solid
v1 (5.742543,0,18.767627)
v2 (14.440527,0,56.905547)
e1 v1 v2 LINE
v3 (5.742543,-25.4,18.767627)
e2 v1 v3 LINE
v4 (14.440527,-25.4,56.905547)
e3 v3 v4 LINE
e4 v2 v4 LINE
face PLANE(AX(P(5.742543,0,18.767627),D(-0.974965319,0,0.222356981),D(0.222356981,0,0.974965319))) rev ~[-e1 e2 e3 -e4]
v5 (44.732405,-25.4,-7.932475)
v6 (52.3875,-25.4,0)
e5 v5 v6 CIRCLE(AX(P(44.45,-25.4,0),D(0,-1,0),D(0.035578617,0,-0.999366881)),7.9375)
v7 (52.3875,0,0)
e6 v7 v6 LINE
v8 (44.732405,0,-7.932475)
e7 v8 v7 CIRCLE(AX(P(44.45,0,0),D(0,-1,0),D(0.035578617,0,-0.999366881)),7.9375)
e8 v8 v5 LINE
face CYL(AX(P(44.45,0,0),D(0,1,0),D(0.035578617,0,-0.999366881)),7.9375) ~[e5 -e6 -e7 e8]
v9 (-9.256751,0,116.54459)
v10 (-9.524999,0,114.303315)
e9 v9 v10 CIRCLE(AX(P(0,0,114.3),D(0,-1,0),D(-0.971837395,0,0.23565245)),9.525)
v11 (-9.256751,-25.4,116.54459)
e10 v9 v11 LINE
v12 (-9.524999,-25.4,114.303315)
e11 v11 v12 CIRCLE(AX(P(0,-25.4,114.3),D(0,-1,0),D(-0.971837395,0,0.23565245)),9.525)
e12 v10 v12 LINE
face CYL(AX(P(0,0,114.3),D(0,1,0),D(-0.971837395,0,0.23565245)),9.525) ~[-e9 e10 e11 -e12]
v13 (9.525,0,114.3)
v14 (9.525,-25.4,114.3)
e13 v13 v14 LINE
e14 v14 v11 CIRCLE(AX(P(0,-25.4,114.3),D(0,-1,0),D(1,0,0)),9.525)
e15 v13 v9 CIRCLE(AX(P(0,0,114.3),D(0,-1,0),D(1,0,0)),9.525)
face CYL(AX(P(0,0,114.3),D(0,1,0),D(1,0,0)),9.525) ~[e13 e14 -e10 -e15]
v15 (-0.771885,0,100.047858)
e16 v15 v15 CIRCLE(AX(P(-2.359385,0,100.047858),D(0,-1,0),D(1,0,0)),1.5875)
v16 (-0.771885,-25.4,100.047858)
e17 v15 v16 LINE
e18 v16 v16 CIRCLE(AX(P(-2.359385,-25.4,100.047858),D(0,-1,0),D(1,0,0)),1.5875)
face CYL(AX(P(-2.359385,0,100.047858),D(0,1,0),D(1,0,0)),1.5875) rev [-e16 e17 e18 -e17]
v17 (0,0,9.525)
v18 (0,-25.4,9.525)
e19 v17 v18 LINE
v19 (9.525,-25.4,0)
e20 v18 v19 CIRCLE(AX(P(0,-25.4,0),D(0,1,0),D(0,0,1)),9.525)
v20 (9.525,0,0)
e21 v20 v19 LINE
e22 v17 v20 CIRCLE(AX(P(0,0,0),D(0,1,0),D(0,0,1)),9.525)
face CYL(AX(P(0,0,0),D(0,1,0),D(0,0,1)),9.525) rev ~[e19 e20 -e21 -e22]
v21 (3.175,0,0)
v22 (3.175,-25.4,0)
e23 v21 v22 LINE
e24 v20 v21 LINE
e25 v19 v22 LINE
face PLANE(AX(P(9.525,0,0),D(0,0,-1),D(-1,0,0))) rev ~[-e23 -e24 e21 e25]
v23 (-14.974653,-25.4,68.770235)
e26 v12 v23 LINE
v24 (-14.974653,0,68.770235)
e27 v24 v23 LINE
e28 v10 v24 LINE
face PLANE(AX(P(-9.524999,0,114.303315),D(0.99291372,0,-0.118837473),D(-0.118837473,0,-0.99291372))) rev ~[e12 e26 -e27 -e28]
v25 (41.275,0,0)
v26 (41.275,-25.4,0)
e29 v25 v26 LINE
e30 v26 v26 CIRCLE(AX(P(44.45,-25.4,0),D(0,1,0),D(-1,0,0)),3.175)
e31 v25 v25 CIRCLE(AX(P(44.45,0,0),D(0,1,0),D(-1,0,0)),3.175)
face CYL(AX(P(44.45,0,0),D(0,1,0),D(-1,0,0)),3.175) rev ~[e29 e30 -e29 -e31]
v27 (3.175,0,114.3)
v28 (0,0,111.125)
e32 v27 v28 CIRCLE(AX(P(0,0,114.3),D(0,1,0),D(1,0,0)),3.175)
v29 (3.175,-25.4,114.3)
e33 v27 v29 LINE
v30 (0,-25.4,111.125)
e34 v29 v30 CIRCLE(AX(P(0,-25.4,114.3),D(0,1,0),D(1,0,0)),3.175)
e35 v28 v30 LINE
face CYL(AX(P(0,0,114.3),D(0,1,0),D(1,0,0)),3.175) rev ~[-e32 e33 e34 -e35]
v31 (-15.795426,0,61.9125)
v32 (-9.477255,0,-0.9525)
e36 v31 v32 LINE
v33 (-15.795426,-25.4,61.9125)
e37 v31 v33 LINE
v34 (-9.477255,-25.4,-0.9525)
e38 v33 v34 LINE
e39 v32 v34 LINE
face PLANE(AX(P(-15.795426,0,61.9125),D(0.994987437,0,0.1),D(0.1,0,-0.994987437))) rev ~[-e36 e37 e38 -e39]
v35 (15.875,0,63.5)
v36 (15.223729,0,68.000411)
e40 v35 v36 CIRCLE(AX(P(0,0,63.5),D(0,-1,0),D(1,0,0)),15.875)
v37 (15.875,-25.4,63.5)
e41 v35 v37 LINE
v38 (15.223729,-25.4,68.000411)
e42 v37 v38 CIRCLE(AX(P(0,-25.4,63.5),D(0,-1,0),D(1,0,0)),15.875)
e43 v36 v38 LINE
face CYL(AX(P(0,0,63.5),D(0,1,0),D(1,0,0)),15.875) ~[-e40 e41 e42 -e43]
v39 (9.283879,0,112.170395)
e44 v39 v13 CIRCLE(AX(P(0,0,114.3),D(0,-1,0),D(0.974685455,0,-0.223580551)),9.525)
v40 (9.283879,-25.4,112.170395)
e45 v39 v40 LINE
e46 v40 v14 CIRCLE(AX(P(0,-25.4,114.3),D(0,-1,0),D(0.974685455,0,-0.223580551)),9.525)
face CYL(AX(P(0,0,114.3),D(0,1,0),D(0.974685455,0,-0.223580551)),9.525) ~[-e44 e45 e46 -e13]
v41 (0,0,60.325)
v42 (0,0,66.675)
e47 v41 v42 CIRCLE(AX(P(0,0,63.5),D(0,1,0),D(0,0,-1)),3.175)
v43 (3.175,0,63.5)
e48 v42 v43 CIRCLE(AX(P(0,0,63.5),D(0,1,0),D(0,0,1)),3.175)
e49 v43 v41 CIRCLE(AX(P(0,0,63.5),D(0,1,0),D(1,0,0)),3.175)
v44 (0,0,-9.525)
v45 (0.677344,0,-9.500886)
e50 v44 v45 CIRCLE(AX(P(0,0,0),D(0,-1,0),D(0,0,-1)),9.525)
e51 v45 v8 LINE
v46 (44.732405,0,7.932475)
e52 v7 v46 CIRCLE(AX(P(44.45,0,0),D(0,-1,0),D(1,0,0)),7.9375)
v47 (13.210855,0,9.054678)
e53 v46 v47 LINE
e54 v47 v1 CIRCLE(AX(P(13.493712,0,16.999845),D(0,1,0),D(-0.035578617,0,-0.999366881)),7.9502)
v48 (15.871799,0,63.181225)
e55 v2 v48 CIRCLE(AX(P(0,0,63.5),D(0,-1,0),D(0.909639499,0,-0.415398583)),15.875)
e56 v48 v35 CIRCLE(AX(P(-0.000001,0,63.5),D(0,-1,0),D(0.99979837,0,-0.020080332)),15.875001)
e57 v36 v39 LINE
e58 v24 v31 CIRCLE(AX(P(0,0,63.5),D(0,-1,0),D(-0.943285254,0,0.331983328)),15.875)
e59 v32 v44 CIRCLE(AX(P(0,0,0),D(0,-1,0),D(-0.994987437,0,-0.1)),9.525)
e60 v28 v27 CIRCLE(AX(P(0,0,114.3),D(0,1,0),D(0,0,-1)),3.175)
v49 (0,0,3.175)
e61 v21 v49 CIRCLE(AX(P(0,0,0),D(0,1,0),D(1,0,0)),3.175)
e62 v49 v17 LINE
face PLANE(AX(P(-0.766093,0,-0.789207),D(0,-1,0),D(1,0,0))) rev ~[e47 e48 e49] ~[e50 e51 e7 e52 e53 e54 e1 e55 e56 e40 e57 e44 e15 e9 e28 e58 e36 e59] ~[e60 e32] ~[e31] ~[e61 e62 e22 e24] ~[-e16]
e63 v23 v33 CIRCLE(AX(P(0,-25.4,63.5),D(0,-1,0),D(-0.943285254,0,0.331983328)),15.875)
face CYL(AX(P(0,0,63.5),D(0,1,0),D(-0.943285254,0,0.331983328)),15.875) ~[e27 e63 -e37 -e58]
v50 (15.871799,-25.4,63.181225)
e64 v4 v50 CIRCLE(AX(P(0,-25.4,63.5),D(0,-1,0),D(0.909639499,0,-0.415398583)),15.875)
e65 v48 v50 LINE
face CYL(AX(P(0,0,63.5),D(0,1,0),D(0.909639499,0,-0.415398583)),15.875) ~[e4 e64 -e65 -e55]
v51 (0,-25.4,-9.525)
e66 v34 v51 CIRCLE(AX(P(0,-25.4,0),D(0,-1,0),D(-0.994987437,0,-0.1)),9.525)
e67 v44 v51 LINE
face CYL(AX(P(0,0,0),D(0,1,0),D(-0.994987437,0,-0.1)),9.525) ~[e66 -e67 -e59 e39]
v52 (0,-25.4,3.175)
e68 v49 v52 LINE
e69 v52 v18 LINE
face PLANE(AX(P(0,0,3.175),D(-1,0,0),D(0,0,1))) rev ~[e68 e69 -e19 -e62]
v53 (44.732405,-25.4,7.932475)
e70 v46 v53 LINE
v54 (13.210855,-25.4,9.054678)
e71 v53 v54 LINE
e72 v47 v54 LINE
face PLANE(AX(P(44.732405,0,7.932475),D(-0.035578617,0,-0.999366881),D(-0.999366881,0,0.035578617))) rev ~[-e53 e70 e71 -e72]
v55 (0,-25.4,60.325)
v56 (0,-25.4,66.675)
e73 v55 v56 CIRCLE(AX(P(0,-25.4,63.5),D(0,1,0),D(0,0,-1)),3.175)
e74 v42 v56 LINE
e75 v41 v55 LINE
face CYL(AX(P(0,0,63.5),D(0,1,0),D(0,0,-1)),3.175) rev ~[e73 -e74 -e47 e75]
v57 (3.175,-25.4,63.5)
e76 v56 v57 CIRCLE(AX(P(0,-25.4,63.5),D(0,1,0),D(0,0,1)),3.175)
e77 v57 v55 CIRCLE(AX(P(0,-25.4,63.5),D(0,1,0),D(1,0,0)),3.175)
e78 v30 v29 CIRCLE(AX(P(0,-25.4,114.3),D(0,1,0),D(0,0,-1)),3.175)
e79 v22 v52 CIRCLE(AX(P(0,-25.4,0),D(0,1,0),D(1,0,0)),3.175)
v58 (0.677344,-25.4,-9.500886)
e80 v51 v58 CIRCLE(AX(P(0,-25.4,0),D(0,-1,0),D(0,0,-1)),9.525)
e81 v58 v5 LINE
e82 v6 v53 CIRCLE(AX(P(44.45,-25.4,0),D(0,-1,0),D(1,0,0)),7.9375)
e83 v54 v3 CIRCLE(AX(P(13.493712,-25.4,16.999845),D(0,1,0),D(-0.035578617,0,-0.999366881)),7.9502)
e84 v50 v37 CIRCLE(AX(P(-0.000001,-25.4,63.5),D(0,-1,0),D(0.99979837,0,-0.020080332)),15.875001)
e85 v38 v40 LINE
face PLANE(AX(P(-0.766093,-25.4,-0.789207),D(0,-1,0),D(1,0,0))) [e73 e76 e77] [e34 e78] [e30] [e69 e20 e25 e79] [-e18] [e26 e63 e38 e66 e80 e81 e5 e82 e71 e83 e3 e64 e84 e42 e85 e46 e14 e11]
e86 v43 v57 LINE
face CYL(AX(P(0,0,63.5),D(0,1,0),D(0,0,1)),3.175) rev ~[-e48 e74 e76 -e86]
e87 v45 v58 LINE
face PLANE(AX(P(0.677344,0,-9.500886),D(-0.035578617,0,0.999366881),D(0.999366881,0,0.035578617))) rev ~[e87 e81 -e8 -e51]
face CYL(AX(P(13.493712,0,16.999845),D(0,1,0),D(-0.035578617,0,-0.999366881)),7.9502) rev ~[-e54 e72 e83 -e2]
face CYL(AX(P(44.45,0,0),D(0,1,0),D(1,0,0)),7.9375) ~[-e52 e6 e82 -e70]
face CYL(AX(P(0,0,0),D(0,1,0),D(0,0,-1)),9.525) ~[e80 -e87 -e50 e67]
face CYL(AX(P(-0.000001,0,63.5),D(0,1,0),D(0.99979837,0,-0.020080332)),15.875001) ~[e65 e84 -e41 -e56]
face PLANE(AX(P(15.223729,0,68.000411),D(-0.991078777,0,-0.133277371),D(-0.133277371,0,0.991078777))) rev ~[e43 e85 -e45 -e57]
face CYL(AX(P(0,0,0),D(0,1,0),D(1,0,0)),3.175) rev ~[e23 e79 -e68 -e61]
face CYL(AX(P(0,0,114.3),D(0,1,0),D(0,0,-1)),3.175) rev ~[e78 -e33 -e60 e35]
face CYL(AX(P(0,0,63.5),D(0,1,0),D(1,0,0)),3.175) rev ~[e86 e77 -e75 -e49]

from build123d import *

# Parameters (mm, degrees)
F0_R     = 1.5875
F1_DEPTH = 25.4


with BuildPart() as f1:
    # F0 (on Front) → F1 (new body)
    with BuildSketch(Plane.XZ):
        with BuildLine():
            ThreePointArc((0, 9.525), (-7.063929059, 6.3895642457), (-9.4772553384, -0.9525))
            ThreePointArc((-9.4772553384, -0.9525), (-6.3895642457, -7.063929059), (0, -9.525))
            Line((0, -9.525), (0.6773435479, -9.500885786))
            ThreePointArc((0.6773435479, -9.500885786), (6.9705567315, -6.4912990883), (9.525, 0))
            Line((9.525, 0), (3.175, 0))
            ThreePointArc((3.175, 0), (-2.2450640303, -2.2450640303), (0, 3.175))
            Line((0, 3.175), (0, 9.525))
        make_face()
        with BuildLine():
            Line((-15.7954255641, 61.9125), (-9.4772553384, -0.9525))
            ThreePointArc((-9.4772553384, -0.9525), (-7.063929059, 6.3895642457), (0, 9.525))
            Line((0, 9.525), (0, 47.625))
            ThreePointArc((0, 47.625), (-10.6492737428, 51.7267849017), (-15.7954255641, 61.9125))
        make_face()
        with BuildLine():
            Line((0.6773435479, -9.500885786), (0, -9.525))
            ThreePointArc((0, -9.525), (0.3388863295, -9.5189695375), (0.6773435479, -9.500885786))
        make_face()
        with BuildLine():
            Line((0, 47.625), (0, 9.525))
            ThreePointArc((0, 9.525), (6.7351920908, 6.7351920908), (9.525, 0))
            Line((9.525, 0), (36.5125, 0))
            ThreePointArc((36.5125, 0), (38.9380895153, 5.7116327839), (44.7324052746, 7.9324746146))
            Line((44.7324052746, 7.9324746146), (13.2108551379, 9.0546782715))
            ThreePointArc((13.2108551379, 9.0546782715), (7.1911937291, 12.1538217133), (5.742542983, 18.767627317))
            Line((5.742542983, 18.767627317), (14.4405270392, 56.9055474959))
            ThreePointArc((14.4405270392, 56.9055474959), (8.5827935865, 50.145177678), (0, 47.625))
        make_face()
        with BuildLine():
            Line((-14.9746534016, 68.7702353365), (-15.7954255641, 61.9125))
            ThreePointArc((-15.7954255641, 61.9125), (-10.6492737428, 51.7267849017), (0, 47.625))
            Line((0, 47.625), (0, 60.325))
            ThreePointArc((0, 60.325), (-3.175, 63.5), (0, 66.675))
            Line((0, 66.675), (0, 79.375))
            ThreePointArc((0, 79.375), (-9.1747108683, 76.4553195825), (-14.9746534016, 68.7702353365))
        make_face()
        with BuildLine():
            ThreePointArc((-14.9746534016, 68.7702353365), (-15.7625053013, 65.3865448909), (-15.7954255641, 61.9125))
            Line((-15.7954255641, 61.9125), (-14.9746534016, 68.7702353365))
        make_face()
        with BuildLine():
            ThreePointArc((9.525, 0), (6.9705567315, -6.4912990883), (0.6773435479, -9.500885786))
            Line((0.6773435479, -9.500885786), (44.7324052746, -7.9324746146))
            ThreePointArc((44.7324052746, -7.9324746146), (38.9380895153, -5.7116327839), (36.5125, 0))
            Line((36.5125, 0), (9.525, 0))
        make_face()
        with BuildLine():
            Line((0, 60.325), (0, 47.625))
            ThreePointArc((0, 47.625), (8.5827935865, 50.145177678), (14.4405270392, 56.9055474959))
            Line((14.4405270392, 56.9055474959), (15.8717991204, 63.1812247139))
            Line((15.8717991204, 63.1812247139), (15.2237290867, 68.0004108363))
            ThreePointArc((15.2237290867, 68.0004108363), (9.5018841019, 76.2173040977), (0, 79.375))
            Line((0, 79.375), (0, 66.675))
            ThreePointArc((0, 66.675), (2.2450640303, 65.7450640303), (3.175, 63.5))
            ThreePointArc((3.175, 63.5), (2.2450640303, 61.2549359697), (0, 60.325))
        make_face()
        with BuildLine():
            Line((-9.524999423, 114.3033154892), (-14.9746534016, 68.7702353365))
            ThreePointArc((-14.9746534016, 68.7702353365), (-9.1747108683, 76.4553195825), (0, 79.375))
            Line((0, 79.375), (0, 100.0252))
            Line((0, 100.0252), (0, 104.775))
            ThreePointArc((0, 104.775), (-6.7363641912, 107.5659802137), (-9.524999423, 114.3033154892))
        make_face()
        with Locations((-2.3593854516, 100.0478582527)):
            Circle(F0_R, mode=Mode.SUBTRACT)
        with BuildLine():
            ThreePointArc((36.5125, 0), (38.9380895153, -5.7116327839), (44.7324052746, -7.9324746146))
            ThreePointArc((44.7324052746, -7.9324746146), (50.1616327839, -5.5119104847), (52.3875, 0))
            ThreePointArc((52.3875, 0), (50.1616327839, 5.5119104847), (44.7324052746, 7.9324746146))
            ThreePointArc((44.7324052746, 7.9324746146), (38.9380895153, 5.7116327839), (36.5125, 0))
        make_face()
        with BuildLine():
            ThreePointArc((47.625, 0), (44.45, -3.175), (41.275, 0))
            ThreePointArc((41.275, 0), (44.45, 3.175), (47.625, 0))
        make_face(mode=Mode.SUBTRACT)
        with BuildLine():
            Line((15.8717991204, 63.1812247139), (14.4405270392, 56.9055474959))
            ThreePointArc((14.4405270392, 56.9055474959), (15.4775744365, 59.9700829241), (15.8717991204, 63.1812247139))
        make_face()
        with BuildLine():
            Line((0, 100.0252), (0, 79.375))
            ThreePointArc((0, 79.375), (9.5018841019, 76.2173040977), (15.2237290867, 68.0004108363))
            Line((15.2237290867, 68.0004108363), (9.283878963, 112.1703952479))
            ThreePointArc((9.283878963, 112.1703952479), (5.9346920618, 106.8498285166), (0, 104.775))
            Line((0, 104.775), (0, 100.0252))
        make_face()
        with BuildLine():
            Line((-9.2567511899, 116.5445895858), (-9.524999423, 114.3033154892))
            ThreePointArc((-9.524999423, 114.3033154892), (-6.7363641912, 107.5659802137), (0, 104.775))
            ThreePointArc((0, 104.775), (5.9346920618, 106.8498285166), (9.283878963, 112.1703952479))
            ThreePointArc((9.283878963, 112.1703952479), (9.464527778, 113.2283942242), (9.525, 114.3))
            ThreePointArc((9.525, 114.3), (1.13028092, 123.7577000397), (-9.2567511899, 116.5445895858))
        make_face()
        with BuildLine():
            ThreePointArc((3.175, 114.3), (2.2450640303, 112.0549359697), (0, 111.125))
            ThreePointArc((0, 111.125), (-2.2450640303, 116.5450640303), (3.175, 114.3))
        make_face(mode=Mode.SUBTRACT)
        with BuildLine():
            ThreePointArc((-9.2567511899, 116.5445895858), (-9.4575031808, 115.4319269345), (-9.524999423, 114.3033154892))
            Line((-9.524999423, 114.3033154892), (-9.2567511899, 116.5445895858))
        make_face()
        with BuildLine():
            Line((15.2237290867, 68.0004108363), (15.8717991204, 63.1812247139))
            ThreePointArc((15.8717991204, 63.1812247139), (15.8741997599, 63.340604322), (15.875, 63.5))
            ThreePointArc((15.875, 63.5), (15.7113386484, 65.7736452834), (15.2237290867, 68.0004108363))
        make_face()
    extrude(amount=F1_DEPTH)


solid = f1.part
